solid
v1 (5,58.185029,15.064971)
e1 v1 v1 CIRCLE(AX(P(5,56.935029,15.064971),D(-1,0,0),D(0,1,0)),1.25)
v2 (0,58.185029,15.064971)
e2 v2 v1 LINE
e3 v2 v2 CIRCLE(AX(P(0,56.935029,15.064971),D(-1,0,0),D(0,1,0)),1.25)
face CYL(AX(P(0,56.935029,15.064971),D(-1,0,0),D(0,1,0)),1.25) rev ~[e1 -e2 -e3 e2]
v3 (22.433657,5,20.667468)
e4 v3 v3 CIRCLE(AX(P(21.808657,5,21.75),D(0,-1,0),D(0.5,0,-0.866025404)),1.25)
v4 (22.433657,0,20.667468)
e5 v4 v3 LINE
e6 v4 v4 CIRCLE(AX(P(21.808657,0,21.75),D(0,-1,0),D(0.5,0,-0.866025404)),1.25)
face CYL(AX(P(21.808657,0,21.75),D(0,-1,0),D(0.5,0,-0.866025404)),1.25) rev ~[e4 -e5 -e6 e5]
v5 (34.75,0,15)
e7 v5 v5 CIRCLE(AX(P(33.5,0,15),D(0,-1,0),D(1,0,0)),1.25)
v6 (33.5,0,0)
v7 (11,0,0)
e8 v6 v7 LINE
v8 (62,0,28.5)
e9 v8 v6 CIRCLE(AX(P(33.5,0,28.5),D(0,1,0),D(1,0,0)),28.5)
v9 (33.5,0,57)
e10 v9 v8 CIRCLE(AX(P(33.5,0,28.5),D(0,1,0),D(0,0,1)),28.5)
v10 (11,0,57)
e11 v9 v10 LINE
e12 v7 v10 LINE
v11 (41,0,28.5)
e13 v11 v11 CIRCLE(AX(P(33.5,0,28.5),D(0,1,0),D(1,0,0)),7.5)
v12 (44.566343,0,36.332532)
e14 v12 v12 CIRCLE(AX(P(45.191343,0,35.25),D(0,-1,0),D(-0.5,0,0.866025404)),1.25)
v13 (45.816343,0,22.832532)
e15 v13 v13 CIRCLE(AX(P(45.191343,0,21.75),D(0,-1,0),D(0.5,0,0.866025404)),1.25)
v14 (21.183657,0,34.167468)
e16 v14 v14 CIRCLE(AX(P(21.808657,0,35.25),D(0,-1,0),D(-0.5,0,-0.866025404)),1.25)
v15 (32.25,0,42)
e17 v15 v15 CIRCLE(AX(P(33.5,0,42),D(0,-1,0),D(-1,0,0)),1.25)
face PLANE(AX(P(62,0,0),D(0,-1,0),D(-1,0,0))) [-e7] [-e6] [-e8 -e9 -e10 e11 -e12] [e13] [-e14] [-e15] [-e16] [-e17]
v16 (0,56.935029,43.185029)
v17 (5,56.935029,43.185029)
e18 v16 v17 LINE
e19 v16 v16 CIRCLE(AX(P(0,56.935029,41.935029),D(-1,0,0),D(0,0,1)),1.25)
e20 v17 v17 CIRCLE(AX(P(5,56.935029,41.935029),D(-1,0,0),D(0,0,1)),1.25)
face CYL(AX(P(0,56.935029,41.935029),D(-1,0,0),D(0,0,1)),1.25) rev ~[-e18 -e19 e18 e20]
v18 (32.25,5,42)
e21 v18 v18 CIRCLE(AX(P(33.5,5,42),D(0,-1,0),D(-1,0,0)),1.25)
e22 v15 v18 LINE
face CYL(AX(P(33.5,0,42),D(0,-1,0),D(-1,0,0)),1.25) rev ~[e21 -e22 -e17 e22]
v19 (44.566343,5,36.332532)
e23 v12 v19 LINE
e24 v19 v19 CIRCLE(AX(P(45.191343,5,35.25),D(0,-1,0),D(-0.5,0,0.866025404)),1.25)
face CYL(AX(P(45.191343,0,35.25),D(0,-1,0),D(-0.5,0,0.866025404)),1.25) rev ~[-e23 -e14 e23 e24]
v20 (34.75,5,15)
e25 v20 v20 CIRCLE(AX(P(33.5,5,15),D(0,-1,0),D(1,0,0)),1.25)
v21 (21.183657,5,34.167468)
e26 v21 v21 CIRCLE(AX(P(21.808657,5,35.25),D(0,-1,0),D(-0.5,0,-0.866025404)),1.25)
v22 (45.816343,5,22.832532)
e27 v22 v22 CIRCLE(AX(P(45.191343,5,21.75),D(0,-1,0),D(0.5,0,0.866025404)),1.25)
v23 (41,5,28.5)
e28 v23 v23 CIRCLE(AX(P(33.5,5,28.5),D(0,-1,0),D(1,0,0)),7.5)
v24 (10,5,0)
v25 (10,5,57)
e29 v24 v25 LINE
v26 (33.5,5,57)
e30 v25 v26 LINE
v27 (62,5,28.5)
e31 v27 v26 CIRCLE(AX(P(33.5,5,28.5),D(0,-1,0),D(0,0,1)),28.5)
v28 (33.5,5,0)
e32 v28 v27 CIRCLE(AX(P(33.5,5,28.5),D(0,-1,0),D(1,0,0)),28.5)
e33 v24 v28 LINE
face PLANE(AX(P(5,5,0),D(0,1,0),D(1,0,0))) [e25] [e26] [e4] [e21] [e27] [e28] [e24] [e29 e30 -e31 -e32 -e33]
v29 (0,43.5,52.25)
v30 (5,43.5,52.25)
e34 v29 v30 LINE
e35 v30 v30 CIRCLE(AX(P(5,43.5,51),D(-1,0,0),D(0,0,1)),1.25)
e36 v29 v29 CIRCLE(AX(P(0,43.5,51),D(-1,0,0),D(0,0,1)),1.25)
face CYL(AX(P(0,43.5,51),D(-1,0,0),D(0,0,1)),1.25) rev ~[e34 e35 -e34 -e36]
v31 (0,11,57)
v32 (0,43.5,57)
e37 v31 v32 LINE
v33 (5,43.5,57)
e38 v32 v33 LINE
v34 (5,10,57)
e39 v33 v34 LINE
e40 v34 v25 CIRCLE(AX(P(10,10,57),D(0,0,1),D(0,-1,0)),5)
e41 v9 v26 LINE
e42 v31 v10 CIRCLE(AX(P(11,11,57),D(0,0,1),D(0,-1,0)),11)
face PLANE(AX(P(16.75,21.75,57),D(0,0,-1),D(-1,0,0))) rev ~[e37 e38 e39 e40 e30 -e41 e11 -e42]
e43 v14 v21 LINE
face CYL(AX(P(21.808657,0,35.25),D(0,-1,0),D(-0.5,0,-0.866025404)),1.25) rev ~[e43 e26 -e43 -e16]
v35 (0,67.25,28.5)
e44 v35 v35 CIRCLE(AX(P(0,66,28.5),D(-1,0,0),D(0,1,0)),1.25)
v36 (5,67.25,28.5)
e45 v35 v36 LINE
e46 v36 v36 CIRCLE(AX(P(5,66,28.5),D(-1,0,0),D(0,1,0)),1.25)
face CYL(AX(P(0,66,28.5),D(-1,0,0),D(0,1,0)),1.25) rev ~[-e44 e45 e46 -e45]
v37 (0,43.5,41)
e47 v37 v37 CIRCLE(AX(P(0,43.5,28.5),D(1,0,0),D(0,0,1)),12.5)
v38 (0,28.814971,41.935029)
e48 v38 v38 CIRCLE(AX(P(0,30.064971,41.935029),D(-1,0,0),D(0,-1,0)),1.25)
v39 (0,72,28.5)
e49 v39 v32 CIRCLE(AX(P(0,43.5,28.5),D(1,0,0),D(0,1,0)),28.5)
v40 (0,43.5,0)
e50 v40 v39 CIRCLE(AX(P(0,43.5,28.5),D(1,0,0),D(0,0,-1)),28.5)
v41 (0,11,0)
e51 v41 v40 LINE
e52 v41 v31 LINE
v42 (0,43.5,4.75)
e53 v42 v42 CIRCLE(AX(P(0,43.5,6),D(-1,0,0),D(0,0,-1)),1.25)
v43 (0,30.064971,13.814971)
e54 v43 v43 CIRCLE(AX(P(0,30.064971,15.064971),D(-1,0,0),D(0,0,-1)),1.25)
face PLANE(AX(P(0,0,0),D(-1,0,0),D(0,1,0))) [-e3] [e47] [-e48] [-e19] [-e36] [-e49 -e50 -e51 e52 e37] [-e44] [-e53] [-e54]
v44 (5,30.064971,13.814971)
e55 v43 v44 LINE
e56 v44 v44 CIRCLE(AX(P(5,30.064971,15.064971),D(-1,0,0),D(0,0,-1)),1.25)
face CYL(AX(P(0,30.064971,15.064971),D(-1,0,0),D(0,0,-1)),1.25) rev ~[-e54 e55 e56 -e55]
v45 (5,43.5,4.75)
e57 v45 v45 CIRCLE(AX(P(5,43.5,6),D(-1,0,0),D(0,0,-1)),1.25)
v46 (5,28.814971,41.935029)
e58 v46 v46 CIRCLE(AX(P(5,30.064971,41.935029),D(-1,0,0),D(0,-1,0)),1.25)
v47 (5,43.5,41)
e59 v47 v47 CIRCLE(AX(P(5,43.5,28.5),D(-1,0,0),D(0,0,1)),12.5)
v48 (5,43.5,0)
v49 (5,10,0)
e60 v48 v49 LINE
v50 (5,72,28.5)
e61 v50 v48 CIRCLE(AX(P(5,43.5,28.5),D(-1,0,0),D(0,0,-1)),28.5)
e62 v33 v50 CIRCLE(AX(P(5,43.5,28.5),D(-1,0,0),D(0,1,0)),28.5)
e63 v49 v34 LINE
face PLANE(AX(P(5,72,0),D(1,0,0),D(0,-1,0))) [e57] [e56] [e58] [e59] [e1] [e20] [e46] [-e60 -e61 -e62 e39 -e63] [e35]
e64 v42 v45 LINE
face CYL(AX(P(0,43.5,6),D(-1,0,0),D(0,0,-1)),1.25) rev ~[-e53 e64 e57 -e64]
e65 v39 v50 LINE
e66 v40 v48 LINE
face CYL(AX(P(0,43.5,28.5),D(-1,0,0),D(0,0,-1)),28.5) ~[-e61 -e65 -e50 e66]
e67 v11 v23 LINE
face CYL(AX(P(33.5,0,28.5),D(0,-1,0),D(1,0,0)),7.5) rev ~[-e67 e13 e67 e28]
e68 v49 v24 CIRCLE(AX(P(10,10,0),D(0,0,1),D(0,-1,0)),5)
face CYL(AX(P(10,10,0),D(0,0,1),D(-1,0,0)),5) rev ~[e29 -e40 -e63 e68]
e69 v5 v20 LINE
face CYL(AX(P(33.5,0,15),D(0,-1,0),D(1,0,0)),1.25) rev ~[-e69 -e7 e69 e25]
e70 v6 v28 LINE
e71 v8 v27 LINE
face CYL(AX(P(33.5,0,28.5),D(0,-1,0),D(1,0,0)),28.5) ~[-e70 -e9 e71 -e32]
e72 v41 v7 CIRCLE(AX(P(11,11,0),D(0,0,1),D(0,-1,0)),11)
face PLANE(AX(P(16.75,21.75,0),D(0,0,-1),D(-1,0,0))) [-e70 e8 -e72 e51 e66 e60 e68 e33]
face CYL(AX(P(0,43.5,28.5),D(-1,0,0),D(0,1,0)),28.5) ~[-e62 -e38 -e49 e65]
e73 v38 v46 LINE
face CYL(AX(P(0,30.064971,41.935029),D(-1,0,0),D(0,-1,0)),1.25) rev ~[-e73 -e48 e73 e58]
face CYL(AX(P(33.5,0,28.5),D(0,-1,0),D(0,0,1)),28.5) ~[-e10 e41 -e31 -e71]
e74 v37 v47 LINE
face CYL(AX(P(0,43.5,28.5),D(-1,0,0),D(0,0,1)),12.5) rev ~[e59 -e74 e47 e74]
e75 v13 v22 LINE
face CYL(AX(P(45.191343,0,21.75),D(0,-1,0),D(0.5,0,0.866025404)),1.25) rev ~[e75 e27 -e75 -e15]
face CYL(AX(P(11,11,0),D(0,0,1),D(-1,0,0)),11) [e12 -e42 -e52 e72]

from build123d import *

# Parameters (mm, degrees)
EXTRUDE_1_DEPTH          = 57
CUT_EXTRUDE_1_DEPTH      = 57
CUT_EXTRUDE_2_DEPTH      = 57
FILLET_3_R               = 11
FILLET_4_R               = 5
SKETCH_4_R               = 12.5
SKETCH_4_R_2             = 1.25
CUT_EXTRUDE_3_DEPTH      = 57
PATTERN_CIRCULAR_1_COUNT = 4
SKETCH_5_R               = 1.25
CUT_EXTRUDE_4_DEPTH      = 57
PATTERN_CIRCULAR_2_COUNT = 3
PATTERN_CIRCULAR_2_ANGLE = 180
SKETCH_8_R               = 7.5
SKETCH_8_R_2             = 1.25
CUT_EXTRUDE_6_DEPTH      = 57
PATTERN_CIRCULAR_3_COUNT = 6


with BuildPart() as part:
    # 草图1 → 凸台-拉伸1 (new body)
    with BuildSketch(Plane.XY):
        Polygon((0, 0), (0, 72), (5, 72), (5, 5), (62, 5), (62, 0), align=None)
    extrude(amount=EXTRUDE_1_DEPTH)

    # 草图2 → 切除-拉伸1 (cut)
    with BuildSketch(Plane.ZY):
        with BuildLine():
            Line((57, 43.5), (57, 72))
            Line((57, 72), (28.5, 72))
            ThreePointArc((28.5, 72), (48.652543264, 63.652543264), (57, 43.5))
        make_face()
        with BuildLine():
            ThreePointArc((0, 43.5), (8.347456736, 63.652543264), (28.5, 72))
            Line((28.5, 72), (0, 72))
            Line((0, 72), (0, 43.5))
        make_face()
    extrude(amount=-CUT_EXTRUDE_1_DEPTH, mode=Mode.SUBTRACT)

    # 草图3 → 切除-拉伸2 (cut)
    with BuildSketch(Plane.XZ):
        with BuildLine():
            Line((62, 57), (33.5, 57))
            ThreePointArc((33.5, 57), (53.652543264, 48.652543264), (62, 28.5))
            Line((62, 28.5), (62, 57))
        make_face()
        with BuildLine():
            ThreePointArc((62, 28.5), (53.652543264, 8.347456736), (33.5, 0))
            Line((33.5, 0), (62, 0))
            Line((62, 0), (62, 28.5))
        make_face()
    extrude(amount=-CUT_EXTRUDE_2_DEPTH, mode=Mode.SUBTRACT)

    # 圆角3
    fillet_3_edges = [part.edges().sort_by_distance(p)[0] for p in [
        (0, 0, 28.5),
    ]]
    fillet(fillet_3_edges, radius=FILLET_3_R)

    # 圆角4
    fillet_4_edges = [part.edges().sort_by_distance(p)[0] for p in [
        (5, 5, 28.5),
    ]]
    fillet(fillet_4_edges, radius=FILLET_4_R)

    # 草图4 → 切除-拉伸3 (cut)
    with BuildSketch(Plane.ZY):
        with Locations((28.5, 43.5)):
            Circle(SKETCH_4_R)
        with Locations((41.935028843, 56.935028843)):
            Circle(SKETCH_4_R_2)
    cut_extrude_3 = extrude(amount=-CUT_EXTRUDE_3_DEPTH, mode=Mode.SUBTRACT)

    # 阵列(圆周)1: 切除-拉伸3 ×4 about axis
    pattern_circular_1_axis = Axis((0, 43.5, 28.5), (1, 0, 0))
    for i in range(1, PATTERN_CIRCULAR_1_COUNT):
        add(cut_extrude_3.rotate(pattern_circular_1_axis, i * 360 / PATTERN_CIRCULAR_1_COUNT), mode=Mode.SUBTRACT)

    # 草图5 → 切除-拉伸4 (cut)
    with BuildSketch(Plane.ZY):
        with Locations((51, 43.5)):
            Circle(SKETCH_5_R)
    cut_extrude_4 = extrude(amount=-CUT_EXTRUDE_4_DEPTH, mode=Mode.SUBTRACT)

    # 阵列(圆周)2: 切除-拉伸4 ×3 about axis
    pattern_circular_2_axis = Axis((0, 43.5, 28.5), (-1, 0, 0))
    for i in range(1, PATTERN_CIRCULAR_2_COUNT):
        add(cut_extrude_4.rotate(pattern_circular_2_axis, i * PATTERN_CIRCULAR_2_ANGLE / (PATTERN_CIRCULAR_2_COUNT - 1)), mode=Mode.SUBTRACT)

    # 草图8 → 切除-拉伸6 (cut)
    with BuildSketch(Plane.XZ):
        with Locations((33.5, 28.5)):
            Circle(SKETCH_8_R)
        with Locations((33.5, 15)):
            Circle(SKETCH_8_R_2)
    cut_extrude_6 = extrude(amount=-CUT_EXTRUDE_6_DEPTH, mode=Mode.SUBTRACT)

    # 阵列(圆周)3: 切除-拉伸6 ×6 about axis
    pattern_circular_3_axis = Axis((33.5, 0, 28.5), (0, 1, 0))
    for i in range(1, PATTERN_CIRCULAR_3_COUNT):
        add(cut_extrude_6.rotate(pattern_circular_3_axis, i * 360 / PATTERN_CIRCULAR_3_COUNT), mode=Mode.SUBTRACT)


solid = part.part
